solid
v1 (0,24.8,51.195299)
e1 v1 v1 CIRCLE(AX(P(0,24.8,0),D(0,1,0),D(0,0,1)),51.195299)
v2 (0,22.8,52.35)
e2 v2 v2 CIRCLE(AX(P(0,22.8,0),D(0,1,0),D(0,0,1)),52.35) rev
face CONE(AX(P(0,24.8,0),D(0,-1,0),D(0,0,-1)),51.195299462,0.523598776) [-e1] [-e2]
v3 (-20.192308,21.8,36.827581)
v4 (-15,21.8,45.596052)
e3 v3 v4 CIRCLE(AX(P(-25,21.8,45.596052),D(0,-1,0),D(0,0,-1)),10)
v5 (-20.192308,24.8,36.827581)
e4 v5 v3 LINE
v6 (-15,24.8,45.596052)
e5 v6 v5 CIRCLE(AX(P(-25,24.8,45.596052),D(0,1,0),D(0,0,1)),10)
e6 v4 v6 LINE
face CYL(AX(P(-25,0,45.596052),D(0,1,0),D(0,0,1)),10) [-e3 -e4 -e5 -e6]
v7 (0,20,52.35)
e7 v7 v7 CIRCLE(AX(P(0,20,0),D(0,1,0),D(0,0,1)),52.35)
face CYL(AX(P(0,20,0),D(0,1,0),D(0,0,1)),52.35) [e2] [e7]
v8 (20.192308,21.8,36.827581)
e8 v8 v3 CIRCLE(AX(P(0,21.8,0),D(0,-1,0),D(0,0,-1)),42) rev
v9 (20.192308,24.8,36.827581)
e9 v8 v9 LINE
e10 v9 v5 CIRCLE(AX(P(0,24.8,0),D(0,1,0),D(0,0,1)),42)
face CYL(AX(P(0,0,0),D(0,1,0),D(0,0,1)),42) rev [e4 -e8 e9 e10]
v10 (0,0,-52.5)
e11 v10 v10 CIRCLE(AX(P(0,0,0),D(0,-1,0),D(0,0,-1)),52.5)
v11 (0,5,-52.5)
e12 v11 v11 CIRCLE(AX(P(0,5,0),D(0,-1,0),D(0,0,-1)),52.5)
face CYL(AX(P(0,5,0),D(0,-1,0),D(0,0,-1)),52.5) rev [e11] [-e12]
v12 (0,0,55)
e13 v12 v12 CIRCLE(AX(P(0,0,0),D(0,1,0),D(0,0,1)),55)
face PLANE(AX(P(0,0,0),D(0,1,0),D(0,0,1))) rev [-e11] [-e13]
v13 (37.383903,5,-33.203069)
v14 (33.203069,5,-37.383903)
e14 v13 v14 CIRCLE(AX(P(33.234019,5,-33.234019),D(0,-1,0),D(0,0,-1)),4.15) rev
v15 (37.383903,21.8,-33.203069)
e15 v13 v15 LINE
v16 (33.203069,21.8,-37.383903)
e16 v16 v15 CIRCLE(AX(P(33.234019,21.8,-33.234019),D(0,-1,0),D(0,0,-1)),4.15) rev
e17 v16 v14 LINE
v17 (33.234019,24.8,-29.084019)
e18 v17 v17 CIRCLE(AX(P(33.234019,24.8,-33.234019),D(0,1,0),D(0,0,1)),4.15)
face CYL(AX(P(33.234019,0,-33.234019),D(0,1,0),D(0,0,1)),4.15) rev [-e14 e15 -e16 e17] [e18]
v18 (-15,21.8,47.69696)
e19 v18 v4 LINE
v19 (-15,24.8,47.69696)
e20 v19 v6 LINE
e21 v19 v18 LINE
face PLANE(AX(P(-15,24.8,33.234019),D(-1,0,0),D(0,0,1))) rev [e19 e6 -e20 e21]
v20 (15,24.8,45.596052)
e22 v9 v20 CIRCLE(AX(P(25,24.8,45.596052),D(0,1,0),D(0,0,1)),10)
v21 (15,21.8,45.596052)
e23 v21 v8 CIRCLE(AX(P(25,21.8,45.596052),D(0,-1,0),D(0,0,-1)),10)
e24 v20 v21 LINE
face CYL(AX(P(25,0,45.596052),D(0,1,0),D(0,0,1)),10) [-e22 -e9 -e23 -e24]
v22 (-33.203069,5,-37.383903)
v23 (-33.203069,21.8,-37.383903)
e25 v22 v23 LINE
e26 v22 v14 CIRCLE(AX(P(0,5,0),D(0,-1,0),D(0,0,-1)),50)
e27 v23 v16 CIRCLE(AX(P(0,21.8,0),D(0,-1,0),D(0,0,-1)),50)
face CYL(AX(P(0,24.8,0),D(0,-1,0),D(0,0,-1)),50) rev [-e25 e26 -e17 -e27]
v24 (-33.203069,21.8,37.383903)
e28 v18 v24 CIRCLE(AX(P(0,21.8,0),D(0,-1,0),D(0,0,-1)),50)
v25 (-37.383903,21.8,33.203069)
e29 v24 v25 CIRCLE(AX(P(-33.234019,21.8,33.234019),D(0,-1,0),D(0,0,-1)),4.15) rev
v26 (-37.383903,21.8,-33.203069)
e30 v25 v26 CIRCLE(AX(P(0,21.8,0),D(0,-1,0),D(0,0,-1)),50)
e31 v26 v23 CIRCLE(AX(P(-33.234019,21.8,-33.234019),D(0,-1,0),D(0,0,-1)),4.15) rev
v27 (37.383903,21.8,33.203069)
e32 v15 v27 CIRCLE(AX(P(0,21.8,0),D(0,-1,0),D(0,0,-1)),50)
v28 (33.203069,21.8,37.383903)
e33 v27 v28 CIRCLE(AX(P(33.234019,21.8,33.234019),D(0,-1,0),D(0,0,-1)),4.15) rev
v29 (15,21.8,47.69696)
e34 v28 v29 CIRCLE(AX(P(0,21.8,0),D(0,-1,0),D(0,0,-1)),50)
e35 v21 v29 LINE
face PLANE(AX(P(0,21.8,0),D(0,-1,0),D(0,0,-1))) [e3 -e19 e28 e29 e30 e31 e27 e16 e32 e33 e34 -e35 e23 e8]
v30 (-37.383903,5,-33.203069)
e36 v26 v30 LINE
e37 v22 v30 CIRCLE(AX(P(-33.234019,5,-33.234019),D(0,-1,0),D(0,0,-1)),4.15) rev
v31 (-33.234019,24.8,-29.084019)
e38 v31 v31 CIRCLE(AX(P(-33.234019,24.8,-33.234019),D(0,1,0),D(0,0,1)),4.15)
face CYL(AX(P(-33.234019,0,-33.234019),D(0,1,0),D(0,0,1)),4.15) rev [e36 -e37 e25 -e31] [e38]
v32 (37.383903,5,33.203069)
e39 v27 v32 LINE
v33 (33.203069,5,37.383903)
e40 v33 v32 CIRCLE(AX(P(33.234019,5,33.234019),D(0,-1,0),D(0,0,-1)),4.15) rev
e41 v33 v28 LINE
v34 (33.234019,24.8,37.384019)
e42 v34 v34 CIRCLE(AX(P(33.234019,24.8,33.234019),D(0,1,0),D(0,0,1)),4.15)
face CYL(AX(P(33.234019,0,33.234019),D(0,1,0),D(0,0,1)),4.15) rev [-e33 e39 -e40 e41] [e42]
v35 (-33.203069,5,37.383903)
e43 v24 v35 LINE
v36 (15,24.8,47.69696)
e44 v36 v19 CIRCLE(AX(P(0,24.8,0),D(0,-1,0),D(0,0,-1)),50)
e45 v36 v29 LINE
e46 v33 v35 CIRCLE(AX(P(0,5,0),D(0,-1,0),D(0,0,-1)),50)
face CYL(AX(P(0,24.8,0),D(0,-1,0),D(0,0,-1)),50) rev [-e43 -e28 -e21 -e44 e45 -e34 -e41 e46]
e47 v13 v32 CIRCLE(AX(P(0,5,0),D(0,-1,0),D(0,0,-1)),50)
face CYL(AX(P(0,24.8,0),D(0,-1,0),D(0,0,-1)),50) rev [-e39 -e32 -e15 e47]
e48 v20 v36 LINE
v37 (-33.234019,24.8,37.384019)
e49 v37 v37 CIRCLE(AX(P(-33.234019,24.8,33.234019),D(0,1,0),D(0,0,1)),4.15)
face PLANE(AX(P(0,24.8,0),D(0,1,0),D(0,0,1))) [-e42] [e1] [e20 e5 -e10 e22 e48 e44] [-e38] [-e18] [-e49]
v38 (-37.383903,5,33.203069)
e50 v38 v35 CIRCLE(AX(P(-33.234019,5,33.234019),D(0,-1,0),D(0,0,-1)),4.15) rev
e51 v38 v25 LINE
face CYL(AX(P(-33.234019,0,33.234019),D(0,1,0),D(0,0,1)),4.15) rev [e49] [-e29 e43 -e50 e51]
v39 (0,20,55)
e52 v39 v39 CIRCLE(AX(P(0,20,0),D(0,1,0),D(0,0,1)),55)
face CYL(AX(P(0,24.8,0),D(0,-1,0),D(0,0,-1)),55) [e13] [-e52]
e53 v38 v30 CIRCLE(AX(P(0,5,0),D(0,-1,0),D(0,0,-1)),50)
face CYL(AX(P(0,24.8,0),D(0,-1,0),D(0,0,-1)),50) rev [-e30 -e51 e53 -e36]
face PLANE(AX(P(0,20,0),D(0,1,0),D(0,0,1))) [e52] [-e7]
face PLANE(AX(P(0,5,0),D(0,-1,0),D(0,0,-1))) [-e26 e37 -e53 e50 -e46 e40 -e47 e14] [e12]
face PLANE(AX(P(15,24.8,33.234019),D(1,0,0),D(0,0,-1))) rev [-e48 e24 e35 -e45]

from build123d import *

# Parameters (mm, degrees)
SKETCH1_R           = 55
BOSS_EXTRUDE1_DEPTH = 24.8
SHELL1_T            = -5
SKETCH2_R           = 35
CUT_EXTRUDE1_DEPTH  = 6
SKETCH3_R           = 42
CUT_EXTRUDE2_DEPTH  = 25.8
SKETCH4_R           = 4.15
CUT_EXTRUDE3_DEPTH  = 25.8
SKETCH6_R           = 50
CUT_EXTRUDE4_DEPTH  = 2
CUT_EXTRUDE5_DEPTH  = 4
FILLET1_R           = 10
SKETCH8_OUTSIDE_W   = 143.506
SKETCH8_OUTSIDE_H   = 143.506
SKETCH8_OUTSIDE_R   = 52.35
CUT_EXTRUDE6_DEPTH  = 4.8
CHAMFER1_SIZE       = 2
CHAMFER1_SIZE2      = 1.154700538
SKETCH9_R           = 52.5
CUT_EXTRUDE7_DEPTH  = 5


with BuildPart() as part:
    # Sketch1 → Boss-Extrude1 (new body)
    with BuildSketch(Plane(origin=(0, 0, 0), x_dir=(1, 0, 0), z_dir=(0, 1, 0))):
        with Locations(Location((0, 0, 0), (0, 0, 270))):  # turned: the seam where the file's is
            Circle(SKETCH1_R)
    extrude(amount=BOSS_EXTRUDE1_DEPTH)

    # Shell1
    shell1_openings = [part.faces().sort_by_distance(p)[0] for p in [
        (0, 0, 0),
    ]]
    offset(amount=SHELL1_T, openings=shell1_openings, kind=Kind.INTERSECTION)

    # Sketch2 → Cut-Extrude1 (cut, through all)
    with BuildSketch(Plane.XZ.offset(-19.8)):
        with Locations(Location((0, 0, 0), (0, 0, 270))):  # turned: the seam where the file's is
            Circle(SKETCH2_R)
    extrude(amount=-CUT_EXTRUDE1_DEPTH, mode=Mode.SUBTRACT)

    # Sketch3 → Cut-Extrude2 (cut, through all)
    with BuildSketch(Plane(origin=(0, 24.8, 0), x_dir=(1, 0, 0), z_dir=(0, 1, 0))):
        with Locations(Location((0, 0, 0), (0, 0, 270))):  # turned: the seam where the file's is
            Circle(SKETCH3_R)
    extrude(amount=-CUT_EXTRUDE2_DEPTH, mode=Mode.SUBTRACT)

    # Sketch4 → Cut-Extrude3 (cut, through all)
    with BuildSketch(Plane(origin=(0, 24.8, 0), x_dir=(1, 0, 0), z_dir=(0, 1, 0))):
        with Locations(Location((-33.234018716, -33.234018716, 0), (0, 0, 270))):  # turned: the seam where the file's is
            Circle(SKETCH4_R)
        with Locations(Location((-33.234018716, 33.234018716, 0), (0, 0, 270))):  # turned: the seam where the file's is
            Circle(SKETCH4_R)
        with Locations(Location((33.234018716, 33.234018716, 0), (0, 0, 270))):  # turned: the seam where the file's is
            Circle(SKETCH4_R)
        with Locations(Location((33.234018716, -33.234018716, 0), (0, 0, 270))):  # turned: the seam where the file's is
            Circle(SKETCH4_R)
    extrude(amount=-CUT_EXTRUDE3_DEPTH, mode=Mode.SUBTRACT)

    # Sketch6 → Cut-Extrude4 (cut)
    with BuildSketch(Plane.XZ.offset(-19.8)):
        Circle(SKETCH6_R)
    extrude(amount=-CUT_EXTRUDE4_DEPTH, mode=Mode.SUBTRACT)

    # Sketch7 → Cut-Extrude5 (cut, through all)
    with BuildSketch(Plane.XZ.offset(-21.8)):
        with BuildLine():
            Line((15, 33.234018716), (15, 47.696960071))
            ThreePointArc((15, 47.696960071), (0, 50), (-15, 47.696960071))
            Line((-15, 47.696960071), (-15, 33.234018716))
            Line((-15, 33.234018716), (15, 33.234018716))
        make_face()
    extrude(amount=-CUT_EXTRUDE5_DEPTH, mode=Mode.SUBTRACT)

    # Fillet1
    fillet1_edges = [part.edges().sort_by_distance(p)[0] for p in [
        (-15, 23.3, 39.230090492),
        (15, 23.3, 39.230090492),
    ]]
    fillet(fillet1_edges, radius=FILLET1_R)

    # Sketch8 outside → Cut-Extrude6 (cut)
    with BuildSketch(Plane(origin=(0, 24.8, 0), x_dir=(1, 0, 0), z_dir=(0, 1, 0))):
        Rectangle(SKETCH8_OUTSIDE_W, SKETCH8_OUTSIDE_H)
        with Locations(Location((0, 0, 0), (0, 0, 270))):  # turned: the seam where the file's is
            Circle(SKETCH8_OUTSIDE_R, mode=Mode.SUBTRACT)
    extrude(amount=-CUT_EXTRUDE6_DEPTH, mode=Mode.SUBTRACT)

    # Chamfer1
    chamfer1_edges = [part.edges().sort_by_distance(p)[0] for p in [
        (0, 24.8, -52.35),
    ]]
    chamfer1_side = [part.faces().sort_by_distance(p)[0] for p in [
        (0, 22.4, -52.35),
    ]]
    chamfer(chamfer1_edges, length=CHAMFER1_SIZE, length2=CHAMFER1_SIZE2, reference=chamfer1_side[0])

    # Sketch9 → Cut-Extrude7 (cut)
    with BuildSketch(Plane.XZ):
        with Locations(Location((0, 0, 0), (0, 0, 270))):  # turned: the seam where the file's is
            Circle(SKETCH9_R)
    extrude(amount=-CUT_EXTRUDE7_DEPTH, mode=Mode.SUBTRACT)


solid = part.part
